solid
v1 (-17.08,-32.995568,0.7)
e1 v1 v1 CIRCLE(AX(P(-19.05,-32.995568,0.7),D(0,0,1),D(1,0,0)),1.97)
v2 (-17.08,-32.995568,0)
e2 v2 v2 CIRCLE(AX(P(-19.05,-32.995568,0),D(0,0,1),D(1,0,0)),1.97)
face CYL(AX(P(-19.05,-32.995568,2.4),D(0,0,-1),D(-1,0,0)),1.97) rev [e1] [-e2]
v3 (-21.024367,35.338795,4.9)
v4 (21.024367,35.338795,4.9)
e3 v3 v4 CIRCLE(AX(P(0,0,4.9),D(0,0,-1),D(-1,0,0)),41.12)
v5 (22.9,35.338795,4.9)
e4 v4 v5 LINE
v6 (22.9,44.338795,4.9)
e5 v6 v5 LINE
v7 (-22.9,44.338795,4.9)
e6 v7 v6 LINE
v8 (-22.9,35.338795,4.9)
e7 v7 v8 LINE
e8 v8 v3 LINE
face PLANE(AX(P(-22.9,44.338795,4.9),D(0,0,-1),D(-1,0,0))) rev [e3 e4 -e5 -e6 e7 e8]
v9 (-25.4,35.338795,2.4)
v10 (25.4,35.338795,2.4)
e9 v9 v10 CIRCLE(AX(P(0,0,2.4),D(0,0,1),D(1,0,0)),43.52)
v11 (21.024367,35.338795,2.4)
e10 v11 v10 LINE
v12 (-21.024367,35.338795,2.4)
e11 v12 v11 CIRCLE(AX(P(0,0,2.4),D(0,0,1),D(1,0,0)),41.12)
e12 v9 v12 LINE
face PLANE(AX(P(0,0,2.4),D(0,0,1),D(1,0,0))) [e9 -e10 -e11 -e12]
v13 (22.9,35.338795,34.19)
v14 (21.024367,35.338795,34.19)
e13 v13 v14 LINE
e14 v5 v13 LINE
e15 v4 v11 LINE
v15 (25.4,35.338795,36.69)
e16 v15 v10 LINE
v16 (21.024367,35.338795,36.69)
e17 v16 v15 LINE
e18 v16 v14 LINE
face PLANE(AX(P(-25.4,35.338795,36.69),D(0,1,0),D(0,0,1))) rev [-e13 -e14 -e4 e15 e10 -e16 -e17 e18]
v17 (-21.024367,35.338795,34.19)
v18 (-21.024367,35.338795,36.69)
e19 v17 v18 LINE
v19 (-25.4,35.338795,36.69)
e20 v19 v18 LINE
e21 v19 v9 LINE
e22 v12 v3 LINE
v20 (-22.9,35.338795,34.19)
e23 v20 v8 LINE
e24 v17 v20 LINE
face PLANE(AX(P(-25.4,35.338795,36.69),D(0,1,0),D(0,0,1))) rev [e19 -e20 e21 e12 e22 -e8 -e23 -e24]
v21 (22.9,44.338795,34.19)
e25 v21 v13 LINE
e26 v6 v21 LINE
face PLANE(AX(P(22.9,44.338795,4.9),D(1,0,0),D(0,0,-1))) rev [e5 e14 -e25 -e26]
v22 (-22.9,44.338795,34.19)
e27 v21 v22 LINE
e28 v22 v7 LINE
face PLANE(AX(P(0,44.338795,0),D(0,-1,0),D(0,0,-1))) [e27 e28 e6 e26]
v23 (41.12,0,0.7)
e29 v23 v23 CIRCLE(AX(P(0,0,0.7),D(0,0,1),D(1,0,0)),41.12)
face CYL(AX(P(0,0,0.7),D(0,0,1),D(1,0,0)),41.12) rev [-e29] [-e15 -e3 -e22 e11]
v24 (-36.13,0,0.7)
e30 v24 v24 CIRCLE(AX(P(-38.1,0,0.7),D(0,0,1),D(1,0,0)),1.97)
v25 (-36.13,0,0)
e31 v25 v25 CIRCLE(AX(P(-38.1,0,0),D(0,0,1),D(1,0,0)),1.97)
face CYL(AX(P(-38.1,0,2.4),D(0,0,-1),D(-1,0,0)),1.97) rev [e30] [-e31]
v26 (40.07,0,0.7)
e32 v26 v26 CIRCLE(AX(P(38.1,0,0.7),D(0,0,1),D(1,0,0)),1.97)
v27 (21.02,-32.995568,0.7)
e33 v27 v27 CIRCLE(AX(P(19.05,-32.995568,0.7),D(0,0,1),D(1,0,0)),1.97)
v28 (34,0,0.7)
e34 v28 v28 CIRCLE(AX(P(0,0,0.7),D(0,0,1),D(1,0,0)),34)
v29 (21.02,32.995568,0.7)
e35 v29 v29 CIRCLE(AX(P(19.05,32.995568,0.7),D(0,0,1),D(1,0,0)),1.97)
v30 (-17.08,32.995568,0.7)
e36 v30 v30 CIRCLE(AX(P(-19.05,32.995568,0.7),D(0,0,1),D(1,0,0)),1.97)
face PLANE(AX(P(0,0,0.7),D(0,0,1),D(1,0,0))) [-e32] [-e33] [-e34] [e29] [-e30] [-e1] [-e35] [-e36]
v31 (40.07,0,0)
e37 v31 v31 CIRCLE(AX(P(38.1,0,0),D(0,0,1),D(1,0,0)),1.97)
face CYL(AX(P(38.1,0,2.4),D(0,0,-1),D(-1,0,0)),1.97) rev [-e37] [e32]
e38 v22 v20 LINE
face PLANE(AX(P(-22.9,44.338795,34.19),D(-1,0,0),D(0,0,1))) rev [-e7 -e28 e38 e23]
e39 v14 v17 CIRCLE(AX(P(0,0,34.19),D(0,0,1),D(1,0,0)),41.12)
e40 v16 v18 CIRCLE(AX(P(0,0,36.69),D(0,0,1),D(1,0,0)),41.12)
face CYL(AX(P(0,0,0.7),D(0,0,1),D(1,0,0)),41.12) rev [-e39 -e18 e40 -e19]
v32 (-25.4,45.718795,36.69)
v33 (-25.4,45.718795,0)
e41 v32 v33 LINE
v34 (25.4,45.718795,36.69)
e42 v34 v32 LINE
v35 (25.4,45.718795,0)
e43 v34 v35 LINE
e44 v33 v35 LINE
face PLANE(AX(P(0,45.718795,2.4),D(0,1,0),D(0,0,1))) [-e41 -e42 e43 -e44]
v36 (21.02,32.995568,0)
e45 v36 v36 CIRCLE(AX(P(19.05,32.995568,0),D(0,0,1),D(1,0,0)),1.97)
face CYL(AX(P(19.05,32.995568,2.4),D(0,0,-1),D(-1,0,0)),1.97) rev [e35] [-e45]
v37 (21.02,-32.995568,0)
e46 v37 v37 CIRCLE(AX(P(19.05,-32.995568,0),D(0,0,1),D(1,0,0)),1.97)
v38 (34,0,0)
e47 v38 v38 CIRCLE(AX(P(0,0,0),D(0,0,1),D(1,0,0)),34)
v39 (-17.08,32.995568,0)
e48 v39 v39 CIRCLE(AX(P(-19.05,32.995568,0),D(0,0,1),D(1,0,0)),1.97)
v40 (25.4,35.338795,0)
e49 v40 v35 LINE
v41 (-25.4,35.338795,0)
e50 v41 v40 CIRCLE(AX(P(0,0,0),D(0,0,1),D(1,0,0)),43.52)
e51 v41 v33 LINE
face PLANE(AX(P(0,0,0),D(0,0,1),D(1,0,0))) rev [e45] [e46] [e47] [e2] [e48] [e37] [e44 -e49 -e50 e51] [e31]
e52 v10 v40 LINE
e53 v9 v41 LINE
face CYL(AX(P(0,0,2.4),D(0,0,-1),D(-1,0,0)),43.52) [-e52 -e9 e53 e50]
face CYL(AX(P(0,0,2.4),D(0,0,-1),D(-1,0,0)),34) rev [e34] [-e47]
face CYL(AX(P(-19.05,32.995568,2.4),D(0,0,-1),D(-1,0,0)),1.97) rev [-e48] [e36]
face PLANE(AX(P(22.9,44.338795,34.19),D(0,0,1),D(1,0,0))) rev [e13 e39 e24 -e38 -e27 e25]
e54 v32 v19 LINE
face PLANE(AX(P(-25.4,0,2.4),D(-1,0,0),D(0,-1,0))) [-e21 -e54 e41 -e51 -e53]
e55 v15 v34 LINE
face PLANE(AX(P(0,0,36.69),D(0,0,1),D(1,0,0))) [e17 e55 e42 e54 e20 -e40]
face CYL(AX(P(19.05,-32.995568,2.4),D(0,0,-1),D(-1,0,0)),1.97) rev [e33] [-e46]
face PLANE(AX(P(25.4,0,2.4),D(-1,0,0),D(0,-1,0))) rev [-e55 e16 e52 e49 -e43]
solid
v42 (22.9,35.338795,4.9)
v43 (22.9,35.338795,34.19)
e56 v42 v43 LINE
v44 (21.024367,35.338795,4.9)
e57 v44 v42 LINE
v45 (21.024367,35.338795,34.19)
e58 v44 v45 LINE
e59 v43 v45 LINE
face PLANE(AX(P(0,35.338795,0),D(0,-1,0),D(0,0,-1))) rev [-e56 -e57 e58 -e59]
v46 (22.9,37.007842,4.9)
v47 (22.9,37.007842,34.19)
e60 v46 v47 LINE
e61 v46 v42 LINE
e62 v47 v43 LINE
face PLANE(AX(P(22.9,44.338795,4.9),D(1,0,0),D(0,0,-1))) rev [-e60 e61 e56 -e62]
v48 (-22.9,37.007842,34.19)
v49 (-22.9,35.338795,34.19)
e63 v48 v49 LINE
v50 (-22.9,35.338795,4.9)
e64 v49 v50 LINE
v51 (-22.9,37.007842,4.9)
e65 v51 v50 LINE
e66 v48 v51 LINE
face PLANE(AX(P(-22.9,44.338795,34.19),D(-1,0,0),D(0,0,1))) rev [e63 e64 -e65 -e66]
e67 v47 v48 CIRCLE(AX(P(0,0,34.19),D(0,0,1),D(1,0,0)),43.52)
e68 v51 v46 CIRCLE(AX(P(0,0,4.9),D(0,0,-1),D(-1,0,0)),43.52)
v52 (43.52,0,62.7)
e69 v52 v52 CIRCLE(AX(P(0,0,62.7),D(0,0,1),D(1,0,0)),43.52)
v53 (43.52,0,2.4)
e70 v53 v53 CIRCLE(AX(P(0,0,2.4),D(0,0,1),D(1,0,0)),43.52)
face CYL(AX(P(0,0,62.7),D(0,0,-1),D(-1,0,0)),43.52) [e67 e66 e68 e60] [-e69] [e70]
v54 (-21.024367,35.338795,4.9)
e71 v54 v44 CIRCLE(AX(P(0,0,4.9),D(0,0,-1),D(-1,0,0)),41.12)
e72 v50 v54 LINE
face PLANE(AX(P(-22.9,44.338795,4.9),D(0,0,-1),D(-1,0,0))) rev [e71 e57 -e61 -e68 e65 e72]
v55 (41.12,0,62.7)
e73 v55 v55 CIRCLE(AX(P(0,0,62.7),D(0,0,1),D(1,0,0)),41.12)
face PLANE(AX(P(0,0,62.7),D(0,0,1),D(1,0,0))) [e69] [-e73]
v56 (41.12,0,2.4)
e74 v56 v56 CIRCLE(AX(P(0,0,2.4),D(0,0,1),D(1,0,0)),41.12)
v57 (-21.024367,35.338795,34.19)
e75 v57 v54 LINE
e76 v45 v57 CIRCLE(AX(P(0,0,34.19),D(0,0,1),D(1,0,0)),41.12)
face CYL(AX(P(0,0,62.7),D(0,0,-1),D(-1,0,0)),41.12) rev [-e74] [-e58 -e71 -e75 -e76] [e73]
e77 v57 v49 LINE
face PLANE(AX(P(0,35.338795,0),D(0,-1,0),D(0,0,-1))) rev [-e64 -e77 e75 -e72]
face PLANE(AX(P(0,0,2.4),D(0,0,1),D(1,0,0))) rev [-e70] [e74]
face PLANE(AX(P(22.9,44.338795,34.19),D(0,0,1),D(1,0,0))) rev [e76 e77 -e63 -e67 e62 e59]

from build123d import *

# Parameters (mm, degrees)
ESQUISSE1_R             = 43.52
ESQUISSE1_R_2           = 1.97
ESQUISSE1_R_3           = 34
BOSS_EXTRU_1_DEPTH      = 2.4
ESQUISSE2_R             = 43.52
ESQUISSE2_R_2           = 41.12
BOSS_EXTRU_2_DEPTH      = 60.3
ESQUISSE3_W             = 50.8
ESQUISSE3_H             = 10.38
BOSS_EXTRU_3_DEPTH      = 34.29
ESQUISSE5_W             = 45.8
ESQUISSE5_H             = 29.29
ENL_V_MAT_EXTRU_2_DEPTH = 9
ESQUISSE6_R             = 41.12
ENL_V_MAT_EXTRU_3_DEPTH = 62


with BuildPart() as part:
    # Esquisse1 → Boss.-Extru.1 (new body)
    # profile 1 of 2: a face of its own
    with BuildSketch(Plane.XY):
        Circle(ESQUISSE1_R)
        with Locations((-38.1, 0)):
            Circle(ESQUISSE1_R_2, mode=Mode.SUBTRACT)
        with Locations((-19.05, -32.995567884)):
            Circle(ESQUISSE1_R_2, mode=Mode.SUBTRACT)
        with Locations((19.05, -32.995567884)):
            Circle(ESQUISSE1_R_2, mode=Mode.SUBTRACT)
        with Locations((38.1, 0)):
            Circle(ESQUISSE1_R_2, mode=Mode.SUBTRACT)
        with Locations((19.05, 32.995567884)):
            Circle(ESQUISSE1_R_2, mode=Mode.SUBTRACT)
        with Locations((-19.05, 32.995567884)):
            Circle(ESQUISSE1_R_2, mode=Mode.SUBTRACT)
        Circle(ESQUISSE1_R_3, mode=Mode.SUBTRACT)
    # profile 2 of 2: a face of its own
    with BuildSketch(Plane.XY):
        with BuildLine():
            ThreePointArc((-25.4, 35.338794547), (0, 43.52), (25.4, 35.338794547))
            Line((25.4, 35.338794547), (25.4, 45.718794547))
            Line((25.4, 45.718794547), (-25.4, 45.718794547))
            Line((-25.4, 45.718794547), (-25.4, 35.338794547))
        make_face()
    extrude(amount=BOSS_EXTRU_1_DEPTH)

    # Esquisse3 → Boss.-Extru.3 (add)
    with BuildSketch(Plane.XY.offset(2.4)):
        with Locations((0, 40.528794547)):
            Rectangle(ESQUISSE3_W, ESQUISSE3_H)
    extrude(amount=BOSS_EXTRU_3_DEPTH)


with BuildPart() as body_2:
    # Esquisse2 → Boss.-Extru.2 (new body)
    with BuildSketch(Plane.XY.offset(2.4)):
        Circle(ESQUISSE2_R)
        Circle(ESQUISSE2_R_2, mode=Mode.SUBTRACT)
    extrude(amount=BOSS_EXTRU_2_DEPTH)


with BuildPart() as enl_v_mat_extru_2_tool:
    # Esquisse5 → Enlèv. mat.-Extru.2 (new body)
    with BuildSketch(Plane.XZ.offset(-35.338794547)):
        with Locations((0, 19.545)):
            Rectangle(ESQUISSE5_W, ESQUISSE5_H)
    extrude(amount=-ENL_V_MAT_EXTRU_2_DEPTH)


with BuildPart() as part_1:
    add(part.part)

    # Enlèv. mat.-Extru.2: cut by enl_v_mat_extru_2_tool
    add(enl_v_mat_extru_2_tool.part, mode=Mode.SUBTRACT)

    # Esquisse6 → Enlèv. mat.-Extru.3 (cut)
    with BuildSketch(Plane.XY.offset(62.7)):
        Circle(ESQUISSE6_R)
    extrude(amount=-ENL_V_MAT_EXTRU_3_DEPTH, mode=Mode.SUBTRACT)


with BuildPart() as body_2_1:
    add(body_2.part)

    # Enlèv. mat.-Extru.2: cut by enl_v_mat_extru_2_tool
    add(enl_v_mat_extru_2_tool.part, mode=Mode.SUBTRACT)


solid = Compound([part_1.part, body_2_1.part])
